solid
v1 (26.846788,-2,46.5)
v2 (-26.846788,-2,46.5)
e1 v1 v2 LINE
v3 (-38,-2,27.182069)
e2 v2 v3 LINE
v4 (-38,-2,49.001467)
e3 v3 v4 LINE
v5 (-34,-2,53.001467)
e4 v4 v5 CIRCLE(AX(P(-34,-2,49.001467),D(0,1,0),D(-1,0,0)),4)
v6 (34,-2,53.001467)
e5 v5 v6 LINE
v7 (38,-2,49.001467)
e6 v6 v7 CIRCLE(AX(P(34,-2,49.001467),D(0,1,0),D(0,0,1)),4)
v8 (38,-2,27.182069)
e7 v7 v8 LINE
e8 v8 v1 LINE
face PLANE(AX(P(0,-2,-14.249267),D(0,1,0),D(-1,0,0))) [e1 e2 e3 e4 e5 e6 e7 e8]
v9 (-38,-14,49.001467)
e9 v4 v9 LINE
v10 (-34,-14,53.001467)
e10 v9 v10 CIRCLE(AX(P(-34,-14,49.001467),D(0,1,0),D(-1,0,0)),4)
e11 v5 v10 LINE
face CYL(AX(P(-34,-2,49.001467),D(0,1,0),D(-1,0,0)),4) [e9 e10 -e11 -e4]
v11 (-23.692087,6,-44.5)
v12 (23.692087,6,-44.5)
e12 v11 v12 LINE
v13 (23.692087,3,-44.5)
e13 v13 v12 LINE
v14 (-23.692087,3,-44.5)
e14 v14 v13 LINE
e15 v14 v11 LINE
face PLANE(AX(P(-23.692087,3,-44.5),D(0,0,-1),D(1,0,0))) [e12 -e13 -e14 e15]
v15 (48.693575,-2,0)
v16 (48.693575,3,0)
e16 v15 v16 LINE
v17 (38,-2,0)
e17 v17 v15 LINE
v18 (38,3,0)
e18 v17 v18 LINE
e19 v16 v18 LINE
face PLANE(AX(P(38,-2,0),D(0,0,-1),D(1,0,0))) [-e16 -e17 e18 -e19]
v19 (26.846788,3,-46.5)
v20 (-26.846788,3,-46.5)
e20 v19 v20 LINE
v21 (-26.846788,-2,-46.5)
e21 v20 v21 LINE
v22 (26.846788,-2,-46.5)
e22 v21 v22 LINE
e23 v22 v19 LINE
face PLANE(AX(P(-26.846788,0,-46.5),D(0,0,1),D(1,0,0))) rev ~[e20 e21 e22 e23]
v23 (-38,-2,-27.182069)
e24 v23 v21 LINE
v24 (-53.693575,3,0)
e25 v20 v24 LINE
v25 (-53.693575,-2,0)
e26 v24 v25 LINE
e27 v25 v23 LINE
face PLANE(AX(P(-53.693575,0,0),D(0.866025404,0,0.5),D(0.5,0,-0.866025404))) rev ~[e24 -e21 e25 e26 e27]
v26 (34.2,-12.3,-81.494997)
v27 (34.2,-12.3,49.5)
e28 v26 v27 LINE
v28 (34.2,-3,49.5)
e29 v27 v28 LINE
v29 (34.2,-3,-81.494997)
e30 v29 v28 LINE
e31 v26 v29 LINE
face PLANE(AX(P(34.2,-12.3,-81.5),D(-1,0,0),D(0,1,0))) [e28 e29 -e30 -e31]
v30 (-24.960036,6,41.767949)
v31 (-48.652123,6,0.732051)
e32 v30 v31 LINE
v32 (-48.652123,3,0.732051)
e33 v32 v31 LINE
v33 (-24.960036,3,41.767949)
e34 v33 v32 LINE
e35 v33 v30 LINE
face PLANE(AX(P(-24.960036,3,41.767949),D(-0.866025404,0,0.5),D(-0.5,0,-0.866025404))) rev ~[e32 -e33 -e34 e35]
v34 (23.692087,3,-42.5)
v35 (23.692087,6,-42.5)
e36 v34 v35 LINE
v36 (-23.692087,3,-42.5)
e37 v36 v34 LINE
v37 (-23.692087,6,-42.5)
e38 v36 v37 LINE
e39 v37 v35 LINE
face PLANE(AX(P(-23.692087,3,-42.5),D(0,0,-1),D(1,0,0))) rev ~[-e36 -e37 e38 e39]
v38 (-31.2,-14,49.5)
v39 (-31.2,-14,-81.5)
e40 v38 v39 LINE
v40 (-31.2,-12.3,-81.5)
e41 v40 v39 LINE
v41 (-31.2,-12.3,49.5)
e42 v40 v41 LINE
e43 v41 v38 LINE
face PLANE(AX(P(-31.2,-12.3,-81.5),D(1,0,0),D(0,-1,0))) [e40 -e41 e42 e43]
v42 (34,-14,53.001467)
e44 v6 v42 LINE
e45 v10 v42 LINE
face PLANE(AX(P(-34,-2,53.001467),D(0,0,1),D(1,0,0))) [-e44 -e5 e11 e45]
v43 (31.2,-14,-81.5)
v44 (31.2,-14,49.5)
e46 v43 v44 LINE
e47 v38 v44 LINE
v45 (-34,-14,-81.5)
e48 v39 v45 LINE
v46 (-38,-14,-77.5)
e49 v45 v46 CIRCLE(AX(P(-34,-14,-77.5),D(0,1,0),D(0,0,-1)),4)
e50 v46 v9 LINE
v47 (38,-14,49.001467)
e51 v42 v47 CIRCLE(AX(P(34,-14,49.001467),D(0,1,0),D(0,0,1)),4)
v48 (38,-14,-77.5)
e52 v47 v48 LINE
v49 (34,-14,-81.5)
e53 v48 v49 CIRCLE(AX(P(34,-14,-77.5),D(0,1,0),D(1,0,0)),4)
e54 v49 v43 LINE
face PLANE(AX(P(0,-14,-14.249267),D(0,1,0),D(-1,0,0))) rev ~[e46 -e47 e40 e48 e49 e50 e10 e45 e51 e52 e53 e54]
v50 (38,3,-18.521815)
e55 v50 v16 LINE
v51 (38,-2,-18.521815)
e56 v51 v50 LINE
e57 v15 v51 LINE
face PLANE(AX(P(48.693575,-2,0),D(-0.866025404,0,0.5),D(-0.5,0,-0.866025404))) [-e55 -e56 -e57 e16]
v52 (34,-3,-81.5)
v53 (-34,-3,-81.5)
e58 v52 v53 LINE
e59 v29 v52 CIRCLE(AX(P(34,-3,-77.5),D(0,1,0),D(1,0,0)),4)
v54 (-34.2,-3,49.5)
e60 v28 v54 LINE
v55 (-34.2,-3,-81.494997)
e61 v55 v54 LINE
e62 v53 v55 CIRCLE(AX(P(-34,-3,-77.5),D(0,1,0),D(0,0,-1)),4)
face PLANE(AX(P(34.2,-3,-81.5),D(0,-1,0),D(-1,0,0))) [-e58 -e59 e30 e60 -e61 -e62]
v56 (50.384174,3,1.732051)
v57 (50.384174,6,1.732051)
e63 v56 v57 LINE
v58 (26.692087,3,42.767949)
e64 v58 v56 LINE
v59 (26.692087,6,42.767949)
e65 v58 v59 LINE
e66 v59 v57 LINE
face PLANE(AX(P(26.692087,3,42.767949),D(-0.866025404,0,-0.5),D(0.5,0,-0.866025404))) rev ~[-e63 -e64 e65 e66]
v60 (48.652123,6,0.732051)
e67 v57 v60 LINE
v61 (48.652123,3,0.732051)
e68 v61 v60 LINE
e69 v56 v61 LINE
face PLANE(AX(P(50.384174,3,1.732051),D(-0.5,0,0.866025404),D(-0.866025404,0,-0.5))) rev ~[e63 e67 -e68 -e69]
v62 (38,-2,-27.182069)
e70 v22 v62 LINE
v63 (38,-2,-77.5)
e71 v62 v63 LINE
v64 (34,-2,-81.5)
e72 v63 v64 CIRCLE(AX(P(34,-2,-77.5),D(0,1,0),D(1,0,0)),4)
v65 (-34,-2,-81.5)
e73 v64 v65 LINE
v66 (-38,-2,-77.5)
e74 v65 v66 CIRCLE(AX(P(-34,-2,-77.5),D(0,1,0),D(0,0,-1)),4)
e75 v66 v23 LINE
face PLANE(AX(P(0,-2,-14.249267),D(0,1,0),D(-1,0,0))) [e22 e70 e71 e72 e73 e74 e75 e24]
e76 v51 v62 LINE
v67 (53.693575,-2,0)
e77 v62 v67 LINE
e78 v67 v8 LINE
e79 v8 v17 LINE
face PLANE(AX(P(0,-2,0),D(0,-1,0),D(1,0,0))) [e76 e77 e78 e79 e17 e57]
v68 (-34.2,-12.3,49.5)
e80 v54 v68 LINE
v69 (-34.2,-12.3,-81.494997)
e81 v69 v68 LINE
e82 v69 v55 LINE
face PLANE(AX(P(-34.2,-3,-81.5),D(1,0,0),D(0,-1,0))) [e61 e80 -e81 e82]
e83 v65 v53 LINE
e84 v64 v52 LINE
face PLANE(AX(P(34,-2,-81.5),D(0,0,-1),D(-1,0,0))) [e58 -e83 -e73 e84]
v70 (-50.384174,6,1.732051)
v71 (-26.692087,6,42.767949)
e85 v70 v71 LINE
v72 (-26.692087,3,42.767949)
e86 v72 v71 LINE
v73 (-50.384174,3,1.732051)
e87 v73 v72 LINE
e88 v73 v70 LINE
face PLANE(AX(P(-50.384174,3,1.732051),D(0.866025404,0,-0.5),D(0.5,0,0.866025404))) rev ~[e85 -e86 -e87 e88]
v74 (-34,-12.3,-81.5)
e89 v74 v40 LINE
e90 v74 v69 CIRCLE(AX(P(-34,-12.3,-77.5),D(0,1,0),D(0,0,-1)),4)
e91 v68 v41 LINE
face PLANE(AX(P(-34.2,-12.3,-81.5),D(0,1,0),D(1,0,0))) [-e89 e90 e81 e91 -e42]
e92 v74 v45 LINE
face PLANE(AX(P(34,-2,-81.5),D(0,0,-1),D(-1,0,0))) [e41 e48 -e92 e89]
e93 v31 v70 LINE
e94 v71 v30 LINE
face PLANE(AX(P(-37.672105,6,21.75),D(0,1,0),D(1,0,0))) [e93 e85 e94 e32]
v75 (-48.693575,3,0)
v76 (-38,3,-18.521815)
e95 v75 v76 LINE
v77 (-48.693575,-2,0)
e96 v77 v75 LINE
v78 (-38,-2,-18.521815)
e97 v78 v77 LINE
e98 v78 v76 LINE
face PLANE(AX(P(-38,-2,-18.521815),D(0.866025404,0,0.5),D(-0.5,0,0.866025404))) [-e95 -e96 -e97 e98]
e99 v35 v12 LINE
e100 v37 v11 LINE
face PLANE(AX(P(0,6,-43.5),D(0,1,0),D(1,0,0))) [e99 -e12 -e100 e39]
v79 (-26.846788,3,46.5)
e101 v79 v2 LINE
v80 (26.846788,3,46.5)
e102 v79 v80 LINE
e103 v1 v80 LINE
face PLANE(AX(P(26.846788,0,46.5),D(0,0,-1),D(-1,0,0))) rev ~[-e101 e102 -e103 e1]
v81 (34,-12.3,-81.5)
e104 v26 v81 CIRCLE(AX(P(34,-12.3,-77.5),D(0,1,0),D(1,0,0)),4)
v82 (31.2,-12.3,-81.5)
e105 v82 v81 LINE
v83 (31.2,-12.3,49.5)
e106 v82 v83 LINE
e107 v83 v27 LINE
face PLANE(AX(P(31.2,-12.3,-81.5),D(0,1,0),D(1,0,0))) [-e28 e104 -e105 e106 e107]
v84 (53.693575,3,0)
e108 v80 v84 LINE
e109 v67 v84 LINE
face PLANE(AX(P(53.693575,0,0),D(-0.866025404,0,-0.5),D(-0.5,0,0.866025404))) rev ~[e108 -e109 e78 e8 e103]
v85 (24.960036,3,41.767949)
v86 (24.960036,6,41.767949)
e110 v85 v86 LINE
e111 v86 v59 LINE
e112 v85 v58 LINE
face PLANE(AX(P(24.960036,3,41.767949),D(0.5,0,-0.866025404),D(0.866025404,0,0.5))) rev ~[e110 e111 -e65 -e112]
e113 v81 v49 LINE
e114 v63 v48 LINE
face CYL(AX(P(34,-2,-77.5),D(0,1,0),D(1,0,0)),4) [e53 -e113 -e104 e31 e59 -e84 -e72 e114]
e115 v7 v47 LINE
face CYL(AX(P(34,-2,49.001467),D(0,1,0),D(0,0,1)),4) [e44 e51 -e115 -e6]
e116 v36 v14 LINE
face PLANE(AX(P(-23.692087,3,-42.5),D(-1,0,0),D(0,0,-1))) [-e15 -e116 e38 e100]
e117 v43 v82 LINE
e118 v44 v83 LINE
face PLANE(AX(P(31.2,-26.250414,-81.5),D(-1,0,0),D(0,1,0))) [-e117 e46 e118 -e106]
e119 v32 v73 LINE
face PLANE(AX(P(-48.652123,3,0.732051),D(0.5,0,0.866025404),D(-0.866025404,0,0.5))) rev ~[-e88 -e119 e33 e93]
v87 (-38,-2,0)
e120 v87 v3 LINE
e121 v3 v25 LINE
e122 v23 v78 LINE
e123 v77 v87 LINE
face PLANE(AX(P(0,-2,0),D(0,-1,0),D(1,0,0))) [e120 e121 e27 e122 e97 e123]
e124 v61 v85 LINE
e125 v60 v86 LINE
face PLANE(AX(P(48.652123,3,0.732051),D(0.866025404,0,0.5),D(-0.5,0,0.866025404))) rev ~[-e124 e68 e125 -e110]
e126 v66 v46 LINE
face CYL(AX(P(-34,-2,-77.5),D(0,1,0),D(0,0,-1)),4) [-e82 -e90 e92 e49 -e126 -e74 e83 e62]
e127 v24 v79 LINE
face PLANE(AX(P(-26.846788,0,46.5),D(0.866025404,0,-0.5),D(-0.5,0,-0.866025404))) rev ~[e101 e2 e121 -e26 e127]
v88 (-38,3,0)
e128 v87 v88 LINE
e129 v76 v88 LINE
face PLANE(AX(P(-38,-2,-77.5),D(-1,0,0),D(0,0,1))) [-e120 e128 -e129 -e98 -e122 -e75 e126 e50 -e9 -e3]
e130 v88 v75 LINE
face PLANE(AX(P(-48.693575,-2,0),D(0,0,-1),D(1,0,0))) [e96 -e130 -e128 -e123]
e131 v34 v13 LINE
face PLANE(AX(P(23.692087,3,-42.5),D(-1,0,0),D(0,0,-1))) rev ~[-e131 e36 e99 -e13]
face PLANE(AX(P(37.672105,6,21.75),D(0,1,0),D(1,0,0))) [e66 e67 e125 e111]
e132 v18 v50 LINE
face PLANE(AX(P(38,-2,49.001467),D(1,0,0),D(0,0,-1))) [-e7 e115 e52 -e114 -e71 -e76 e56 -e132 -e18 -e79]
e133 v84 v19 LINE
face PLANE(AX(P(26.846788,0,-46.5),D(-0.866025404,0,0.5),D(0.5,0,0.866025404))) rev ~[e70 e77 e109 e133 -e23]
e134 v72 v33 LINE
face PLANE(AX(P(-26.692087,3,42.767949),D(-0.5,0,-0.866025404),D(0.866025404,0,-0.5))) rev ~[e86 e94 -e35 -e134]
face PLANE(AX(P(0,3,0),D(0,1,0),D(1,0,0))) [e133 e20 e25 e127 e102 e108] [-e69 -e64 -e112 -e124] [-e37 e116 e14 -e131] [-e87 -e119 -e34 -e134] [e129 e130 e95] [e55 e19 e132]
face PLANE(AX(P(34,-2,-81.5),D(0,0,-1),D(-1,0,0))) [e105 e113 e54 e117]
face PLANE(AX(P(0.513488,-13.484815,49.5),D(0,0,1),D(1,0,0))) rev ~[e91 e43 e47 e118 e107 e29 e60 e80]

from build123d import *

# Parameters (mm, degrees)
RESSALTO_EXTRUS_O1_DEPTH = 3
ESBO_O2_W                = 47.384173958
ESBO_O2_H                = 2
RESSALTO_EXTRUS_O2_DEPTH = 3
RESSALTO_EXTRUS_O3_DEPTH = 2
RESSALTO_EXTRUS_O5_DEPTH = 12
CORTE_EXTRUS_O1_DEPTH    = 131
CORTE_EXTRUS_O3_DEPTH    = 10


with BuildPart() as part:
    # Esboço1 → Ressalto-extrusão1 (new body)
    with BuildSketch(Plane(origin=(0, 0, 0), x_dir=(1, 0, 0), z_dir=(0, 1, 0))):
        Polygon((53.693575035, 0), (26.846787517, 46.5), (-26.846787517, 46.5), (-53.693575035, 0), (-26.846787517, -46.5), (26.846787517, -46.5), align=None)
    extrude(amount=RESSALTO_EXTRUS_O1_DEPTH)

    # Esboço2 → Ressalto-extrusão2 (add)
    with BuildSketch(Plane(origin=(0, 3, 0), x_dir=(1, 0, 0), z_dir=(0, 1, 0))):
        with Locations((0, 43.5)):
            Rectangle(ESBO_O2_W, ESBO_O2_H)
        Polygon((-50.384173958, -1.732050808), (-26.692086979, -42.767949192), (-24.960036171, -41.767949192), (-48.65212315, -0.732050808), align=None)
        Polygon((26.692086979, -42.767949192), (50.384173958, -1.732050808), (48.65212315, -0.732050808), (24.960036171, -41.767949192), align=None)
    extrude(amount=RESSALTO_EXTRUS_O2_DEPTH)

    # Esboço3 → Ressalto-extrusão3 (add)
    with BuildSketch(Plane.XZ):
        Polygon((26.846787517, 46.5), (-26.846787517, 46.5), (-53.693575035, 0), (-26.846787517, -46.5), (26.846787517, -46.5), (53.693575035, 0), align=None)
    extrude(amount=RESSALTO_EXTRUS_O3_DEPTH)

    # Esboço5 → Ressalto-extrusão5 (add)
    with BuildSketch(Plane.XZ.offset(2)):
        with BuildLine():
            Line((38, 49.00146682), (38, -77.5))
            ThreePointArc((38, -77.5), (36.828427125, -80.328427125), (34, -81.5))
            Line((34, -81.5), (-34, -81.5))
            ThreePointArc((-34, -81.5), (-36.828427125, -80.328427125), (-38, -77.5))
            Line((-38, -77.5), (-38, 49.00146682))
            ThreePointArc((-38, 49.00146682), (-36.828427125, 51.829893945), (-34, 53.00146682))
            Line((-34, 53.00146682), (34, 53.00146682))
            ThreePointArc((34, 53.00146682), (36.828427125, 51.829893945), (38, 49.00146682))
        make_face()
    extrude(amount=RESSALTO_EXTRUS_O5_DEPTH)

    # Esboço7 → Corte-extrusão1 (cut)
    with BuildSketch(Plane(origin=(0, 0, -81.5), x_dir=(-1, 0, 0), z_dir=(0, 0, -1))):
        Polygon((-34.2, -3), (34.2, -3), (34.2, -12.3), (31.2, -12.3), (31.2, -23.281359025), (-31.2, -26.250413902), (-31.2, -12.3), (-34.2, -12.3), align=None)
    extrude(amount=-CORTE_EXTRUS_O1_DEPTH, mode=Mode.SUBTRACT)

    # Esboço8 → Corte-extrusão3 (cut)
    with BuildSketch(Plane.XZ.offset(2)):
        Polygon((-48.693575035, 0), (-38, 0), (-38, -18.521815275), align=None)
        Polygon((38, 0), (48.693575035, 0), (38, -18.521815275), align=None)
    extrude(amount=-CORTE_EXTRUS_O3_DEPTH, mode=Mode.SUBTRACT)


solid = part.part
